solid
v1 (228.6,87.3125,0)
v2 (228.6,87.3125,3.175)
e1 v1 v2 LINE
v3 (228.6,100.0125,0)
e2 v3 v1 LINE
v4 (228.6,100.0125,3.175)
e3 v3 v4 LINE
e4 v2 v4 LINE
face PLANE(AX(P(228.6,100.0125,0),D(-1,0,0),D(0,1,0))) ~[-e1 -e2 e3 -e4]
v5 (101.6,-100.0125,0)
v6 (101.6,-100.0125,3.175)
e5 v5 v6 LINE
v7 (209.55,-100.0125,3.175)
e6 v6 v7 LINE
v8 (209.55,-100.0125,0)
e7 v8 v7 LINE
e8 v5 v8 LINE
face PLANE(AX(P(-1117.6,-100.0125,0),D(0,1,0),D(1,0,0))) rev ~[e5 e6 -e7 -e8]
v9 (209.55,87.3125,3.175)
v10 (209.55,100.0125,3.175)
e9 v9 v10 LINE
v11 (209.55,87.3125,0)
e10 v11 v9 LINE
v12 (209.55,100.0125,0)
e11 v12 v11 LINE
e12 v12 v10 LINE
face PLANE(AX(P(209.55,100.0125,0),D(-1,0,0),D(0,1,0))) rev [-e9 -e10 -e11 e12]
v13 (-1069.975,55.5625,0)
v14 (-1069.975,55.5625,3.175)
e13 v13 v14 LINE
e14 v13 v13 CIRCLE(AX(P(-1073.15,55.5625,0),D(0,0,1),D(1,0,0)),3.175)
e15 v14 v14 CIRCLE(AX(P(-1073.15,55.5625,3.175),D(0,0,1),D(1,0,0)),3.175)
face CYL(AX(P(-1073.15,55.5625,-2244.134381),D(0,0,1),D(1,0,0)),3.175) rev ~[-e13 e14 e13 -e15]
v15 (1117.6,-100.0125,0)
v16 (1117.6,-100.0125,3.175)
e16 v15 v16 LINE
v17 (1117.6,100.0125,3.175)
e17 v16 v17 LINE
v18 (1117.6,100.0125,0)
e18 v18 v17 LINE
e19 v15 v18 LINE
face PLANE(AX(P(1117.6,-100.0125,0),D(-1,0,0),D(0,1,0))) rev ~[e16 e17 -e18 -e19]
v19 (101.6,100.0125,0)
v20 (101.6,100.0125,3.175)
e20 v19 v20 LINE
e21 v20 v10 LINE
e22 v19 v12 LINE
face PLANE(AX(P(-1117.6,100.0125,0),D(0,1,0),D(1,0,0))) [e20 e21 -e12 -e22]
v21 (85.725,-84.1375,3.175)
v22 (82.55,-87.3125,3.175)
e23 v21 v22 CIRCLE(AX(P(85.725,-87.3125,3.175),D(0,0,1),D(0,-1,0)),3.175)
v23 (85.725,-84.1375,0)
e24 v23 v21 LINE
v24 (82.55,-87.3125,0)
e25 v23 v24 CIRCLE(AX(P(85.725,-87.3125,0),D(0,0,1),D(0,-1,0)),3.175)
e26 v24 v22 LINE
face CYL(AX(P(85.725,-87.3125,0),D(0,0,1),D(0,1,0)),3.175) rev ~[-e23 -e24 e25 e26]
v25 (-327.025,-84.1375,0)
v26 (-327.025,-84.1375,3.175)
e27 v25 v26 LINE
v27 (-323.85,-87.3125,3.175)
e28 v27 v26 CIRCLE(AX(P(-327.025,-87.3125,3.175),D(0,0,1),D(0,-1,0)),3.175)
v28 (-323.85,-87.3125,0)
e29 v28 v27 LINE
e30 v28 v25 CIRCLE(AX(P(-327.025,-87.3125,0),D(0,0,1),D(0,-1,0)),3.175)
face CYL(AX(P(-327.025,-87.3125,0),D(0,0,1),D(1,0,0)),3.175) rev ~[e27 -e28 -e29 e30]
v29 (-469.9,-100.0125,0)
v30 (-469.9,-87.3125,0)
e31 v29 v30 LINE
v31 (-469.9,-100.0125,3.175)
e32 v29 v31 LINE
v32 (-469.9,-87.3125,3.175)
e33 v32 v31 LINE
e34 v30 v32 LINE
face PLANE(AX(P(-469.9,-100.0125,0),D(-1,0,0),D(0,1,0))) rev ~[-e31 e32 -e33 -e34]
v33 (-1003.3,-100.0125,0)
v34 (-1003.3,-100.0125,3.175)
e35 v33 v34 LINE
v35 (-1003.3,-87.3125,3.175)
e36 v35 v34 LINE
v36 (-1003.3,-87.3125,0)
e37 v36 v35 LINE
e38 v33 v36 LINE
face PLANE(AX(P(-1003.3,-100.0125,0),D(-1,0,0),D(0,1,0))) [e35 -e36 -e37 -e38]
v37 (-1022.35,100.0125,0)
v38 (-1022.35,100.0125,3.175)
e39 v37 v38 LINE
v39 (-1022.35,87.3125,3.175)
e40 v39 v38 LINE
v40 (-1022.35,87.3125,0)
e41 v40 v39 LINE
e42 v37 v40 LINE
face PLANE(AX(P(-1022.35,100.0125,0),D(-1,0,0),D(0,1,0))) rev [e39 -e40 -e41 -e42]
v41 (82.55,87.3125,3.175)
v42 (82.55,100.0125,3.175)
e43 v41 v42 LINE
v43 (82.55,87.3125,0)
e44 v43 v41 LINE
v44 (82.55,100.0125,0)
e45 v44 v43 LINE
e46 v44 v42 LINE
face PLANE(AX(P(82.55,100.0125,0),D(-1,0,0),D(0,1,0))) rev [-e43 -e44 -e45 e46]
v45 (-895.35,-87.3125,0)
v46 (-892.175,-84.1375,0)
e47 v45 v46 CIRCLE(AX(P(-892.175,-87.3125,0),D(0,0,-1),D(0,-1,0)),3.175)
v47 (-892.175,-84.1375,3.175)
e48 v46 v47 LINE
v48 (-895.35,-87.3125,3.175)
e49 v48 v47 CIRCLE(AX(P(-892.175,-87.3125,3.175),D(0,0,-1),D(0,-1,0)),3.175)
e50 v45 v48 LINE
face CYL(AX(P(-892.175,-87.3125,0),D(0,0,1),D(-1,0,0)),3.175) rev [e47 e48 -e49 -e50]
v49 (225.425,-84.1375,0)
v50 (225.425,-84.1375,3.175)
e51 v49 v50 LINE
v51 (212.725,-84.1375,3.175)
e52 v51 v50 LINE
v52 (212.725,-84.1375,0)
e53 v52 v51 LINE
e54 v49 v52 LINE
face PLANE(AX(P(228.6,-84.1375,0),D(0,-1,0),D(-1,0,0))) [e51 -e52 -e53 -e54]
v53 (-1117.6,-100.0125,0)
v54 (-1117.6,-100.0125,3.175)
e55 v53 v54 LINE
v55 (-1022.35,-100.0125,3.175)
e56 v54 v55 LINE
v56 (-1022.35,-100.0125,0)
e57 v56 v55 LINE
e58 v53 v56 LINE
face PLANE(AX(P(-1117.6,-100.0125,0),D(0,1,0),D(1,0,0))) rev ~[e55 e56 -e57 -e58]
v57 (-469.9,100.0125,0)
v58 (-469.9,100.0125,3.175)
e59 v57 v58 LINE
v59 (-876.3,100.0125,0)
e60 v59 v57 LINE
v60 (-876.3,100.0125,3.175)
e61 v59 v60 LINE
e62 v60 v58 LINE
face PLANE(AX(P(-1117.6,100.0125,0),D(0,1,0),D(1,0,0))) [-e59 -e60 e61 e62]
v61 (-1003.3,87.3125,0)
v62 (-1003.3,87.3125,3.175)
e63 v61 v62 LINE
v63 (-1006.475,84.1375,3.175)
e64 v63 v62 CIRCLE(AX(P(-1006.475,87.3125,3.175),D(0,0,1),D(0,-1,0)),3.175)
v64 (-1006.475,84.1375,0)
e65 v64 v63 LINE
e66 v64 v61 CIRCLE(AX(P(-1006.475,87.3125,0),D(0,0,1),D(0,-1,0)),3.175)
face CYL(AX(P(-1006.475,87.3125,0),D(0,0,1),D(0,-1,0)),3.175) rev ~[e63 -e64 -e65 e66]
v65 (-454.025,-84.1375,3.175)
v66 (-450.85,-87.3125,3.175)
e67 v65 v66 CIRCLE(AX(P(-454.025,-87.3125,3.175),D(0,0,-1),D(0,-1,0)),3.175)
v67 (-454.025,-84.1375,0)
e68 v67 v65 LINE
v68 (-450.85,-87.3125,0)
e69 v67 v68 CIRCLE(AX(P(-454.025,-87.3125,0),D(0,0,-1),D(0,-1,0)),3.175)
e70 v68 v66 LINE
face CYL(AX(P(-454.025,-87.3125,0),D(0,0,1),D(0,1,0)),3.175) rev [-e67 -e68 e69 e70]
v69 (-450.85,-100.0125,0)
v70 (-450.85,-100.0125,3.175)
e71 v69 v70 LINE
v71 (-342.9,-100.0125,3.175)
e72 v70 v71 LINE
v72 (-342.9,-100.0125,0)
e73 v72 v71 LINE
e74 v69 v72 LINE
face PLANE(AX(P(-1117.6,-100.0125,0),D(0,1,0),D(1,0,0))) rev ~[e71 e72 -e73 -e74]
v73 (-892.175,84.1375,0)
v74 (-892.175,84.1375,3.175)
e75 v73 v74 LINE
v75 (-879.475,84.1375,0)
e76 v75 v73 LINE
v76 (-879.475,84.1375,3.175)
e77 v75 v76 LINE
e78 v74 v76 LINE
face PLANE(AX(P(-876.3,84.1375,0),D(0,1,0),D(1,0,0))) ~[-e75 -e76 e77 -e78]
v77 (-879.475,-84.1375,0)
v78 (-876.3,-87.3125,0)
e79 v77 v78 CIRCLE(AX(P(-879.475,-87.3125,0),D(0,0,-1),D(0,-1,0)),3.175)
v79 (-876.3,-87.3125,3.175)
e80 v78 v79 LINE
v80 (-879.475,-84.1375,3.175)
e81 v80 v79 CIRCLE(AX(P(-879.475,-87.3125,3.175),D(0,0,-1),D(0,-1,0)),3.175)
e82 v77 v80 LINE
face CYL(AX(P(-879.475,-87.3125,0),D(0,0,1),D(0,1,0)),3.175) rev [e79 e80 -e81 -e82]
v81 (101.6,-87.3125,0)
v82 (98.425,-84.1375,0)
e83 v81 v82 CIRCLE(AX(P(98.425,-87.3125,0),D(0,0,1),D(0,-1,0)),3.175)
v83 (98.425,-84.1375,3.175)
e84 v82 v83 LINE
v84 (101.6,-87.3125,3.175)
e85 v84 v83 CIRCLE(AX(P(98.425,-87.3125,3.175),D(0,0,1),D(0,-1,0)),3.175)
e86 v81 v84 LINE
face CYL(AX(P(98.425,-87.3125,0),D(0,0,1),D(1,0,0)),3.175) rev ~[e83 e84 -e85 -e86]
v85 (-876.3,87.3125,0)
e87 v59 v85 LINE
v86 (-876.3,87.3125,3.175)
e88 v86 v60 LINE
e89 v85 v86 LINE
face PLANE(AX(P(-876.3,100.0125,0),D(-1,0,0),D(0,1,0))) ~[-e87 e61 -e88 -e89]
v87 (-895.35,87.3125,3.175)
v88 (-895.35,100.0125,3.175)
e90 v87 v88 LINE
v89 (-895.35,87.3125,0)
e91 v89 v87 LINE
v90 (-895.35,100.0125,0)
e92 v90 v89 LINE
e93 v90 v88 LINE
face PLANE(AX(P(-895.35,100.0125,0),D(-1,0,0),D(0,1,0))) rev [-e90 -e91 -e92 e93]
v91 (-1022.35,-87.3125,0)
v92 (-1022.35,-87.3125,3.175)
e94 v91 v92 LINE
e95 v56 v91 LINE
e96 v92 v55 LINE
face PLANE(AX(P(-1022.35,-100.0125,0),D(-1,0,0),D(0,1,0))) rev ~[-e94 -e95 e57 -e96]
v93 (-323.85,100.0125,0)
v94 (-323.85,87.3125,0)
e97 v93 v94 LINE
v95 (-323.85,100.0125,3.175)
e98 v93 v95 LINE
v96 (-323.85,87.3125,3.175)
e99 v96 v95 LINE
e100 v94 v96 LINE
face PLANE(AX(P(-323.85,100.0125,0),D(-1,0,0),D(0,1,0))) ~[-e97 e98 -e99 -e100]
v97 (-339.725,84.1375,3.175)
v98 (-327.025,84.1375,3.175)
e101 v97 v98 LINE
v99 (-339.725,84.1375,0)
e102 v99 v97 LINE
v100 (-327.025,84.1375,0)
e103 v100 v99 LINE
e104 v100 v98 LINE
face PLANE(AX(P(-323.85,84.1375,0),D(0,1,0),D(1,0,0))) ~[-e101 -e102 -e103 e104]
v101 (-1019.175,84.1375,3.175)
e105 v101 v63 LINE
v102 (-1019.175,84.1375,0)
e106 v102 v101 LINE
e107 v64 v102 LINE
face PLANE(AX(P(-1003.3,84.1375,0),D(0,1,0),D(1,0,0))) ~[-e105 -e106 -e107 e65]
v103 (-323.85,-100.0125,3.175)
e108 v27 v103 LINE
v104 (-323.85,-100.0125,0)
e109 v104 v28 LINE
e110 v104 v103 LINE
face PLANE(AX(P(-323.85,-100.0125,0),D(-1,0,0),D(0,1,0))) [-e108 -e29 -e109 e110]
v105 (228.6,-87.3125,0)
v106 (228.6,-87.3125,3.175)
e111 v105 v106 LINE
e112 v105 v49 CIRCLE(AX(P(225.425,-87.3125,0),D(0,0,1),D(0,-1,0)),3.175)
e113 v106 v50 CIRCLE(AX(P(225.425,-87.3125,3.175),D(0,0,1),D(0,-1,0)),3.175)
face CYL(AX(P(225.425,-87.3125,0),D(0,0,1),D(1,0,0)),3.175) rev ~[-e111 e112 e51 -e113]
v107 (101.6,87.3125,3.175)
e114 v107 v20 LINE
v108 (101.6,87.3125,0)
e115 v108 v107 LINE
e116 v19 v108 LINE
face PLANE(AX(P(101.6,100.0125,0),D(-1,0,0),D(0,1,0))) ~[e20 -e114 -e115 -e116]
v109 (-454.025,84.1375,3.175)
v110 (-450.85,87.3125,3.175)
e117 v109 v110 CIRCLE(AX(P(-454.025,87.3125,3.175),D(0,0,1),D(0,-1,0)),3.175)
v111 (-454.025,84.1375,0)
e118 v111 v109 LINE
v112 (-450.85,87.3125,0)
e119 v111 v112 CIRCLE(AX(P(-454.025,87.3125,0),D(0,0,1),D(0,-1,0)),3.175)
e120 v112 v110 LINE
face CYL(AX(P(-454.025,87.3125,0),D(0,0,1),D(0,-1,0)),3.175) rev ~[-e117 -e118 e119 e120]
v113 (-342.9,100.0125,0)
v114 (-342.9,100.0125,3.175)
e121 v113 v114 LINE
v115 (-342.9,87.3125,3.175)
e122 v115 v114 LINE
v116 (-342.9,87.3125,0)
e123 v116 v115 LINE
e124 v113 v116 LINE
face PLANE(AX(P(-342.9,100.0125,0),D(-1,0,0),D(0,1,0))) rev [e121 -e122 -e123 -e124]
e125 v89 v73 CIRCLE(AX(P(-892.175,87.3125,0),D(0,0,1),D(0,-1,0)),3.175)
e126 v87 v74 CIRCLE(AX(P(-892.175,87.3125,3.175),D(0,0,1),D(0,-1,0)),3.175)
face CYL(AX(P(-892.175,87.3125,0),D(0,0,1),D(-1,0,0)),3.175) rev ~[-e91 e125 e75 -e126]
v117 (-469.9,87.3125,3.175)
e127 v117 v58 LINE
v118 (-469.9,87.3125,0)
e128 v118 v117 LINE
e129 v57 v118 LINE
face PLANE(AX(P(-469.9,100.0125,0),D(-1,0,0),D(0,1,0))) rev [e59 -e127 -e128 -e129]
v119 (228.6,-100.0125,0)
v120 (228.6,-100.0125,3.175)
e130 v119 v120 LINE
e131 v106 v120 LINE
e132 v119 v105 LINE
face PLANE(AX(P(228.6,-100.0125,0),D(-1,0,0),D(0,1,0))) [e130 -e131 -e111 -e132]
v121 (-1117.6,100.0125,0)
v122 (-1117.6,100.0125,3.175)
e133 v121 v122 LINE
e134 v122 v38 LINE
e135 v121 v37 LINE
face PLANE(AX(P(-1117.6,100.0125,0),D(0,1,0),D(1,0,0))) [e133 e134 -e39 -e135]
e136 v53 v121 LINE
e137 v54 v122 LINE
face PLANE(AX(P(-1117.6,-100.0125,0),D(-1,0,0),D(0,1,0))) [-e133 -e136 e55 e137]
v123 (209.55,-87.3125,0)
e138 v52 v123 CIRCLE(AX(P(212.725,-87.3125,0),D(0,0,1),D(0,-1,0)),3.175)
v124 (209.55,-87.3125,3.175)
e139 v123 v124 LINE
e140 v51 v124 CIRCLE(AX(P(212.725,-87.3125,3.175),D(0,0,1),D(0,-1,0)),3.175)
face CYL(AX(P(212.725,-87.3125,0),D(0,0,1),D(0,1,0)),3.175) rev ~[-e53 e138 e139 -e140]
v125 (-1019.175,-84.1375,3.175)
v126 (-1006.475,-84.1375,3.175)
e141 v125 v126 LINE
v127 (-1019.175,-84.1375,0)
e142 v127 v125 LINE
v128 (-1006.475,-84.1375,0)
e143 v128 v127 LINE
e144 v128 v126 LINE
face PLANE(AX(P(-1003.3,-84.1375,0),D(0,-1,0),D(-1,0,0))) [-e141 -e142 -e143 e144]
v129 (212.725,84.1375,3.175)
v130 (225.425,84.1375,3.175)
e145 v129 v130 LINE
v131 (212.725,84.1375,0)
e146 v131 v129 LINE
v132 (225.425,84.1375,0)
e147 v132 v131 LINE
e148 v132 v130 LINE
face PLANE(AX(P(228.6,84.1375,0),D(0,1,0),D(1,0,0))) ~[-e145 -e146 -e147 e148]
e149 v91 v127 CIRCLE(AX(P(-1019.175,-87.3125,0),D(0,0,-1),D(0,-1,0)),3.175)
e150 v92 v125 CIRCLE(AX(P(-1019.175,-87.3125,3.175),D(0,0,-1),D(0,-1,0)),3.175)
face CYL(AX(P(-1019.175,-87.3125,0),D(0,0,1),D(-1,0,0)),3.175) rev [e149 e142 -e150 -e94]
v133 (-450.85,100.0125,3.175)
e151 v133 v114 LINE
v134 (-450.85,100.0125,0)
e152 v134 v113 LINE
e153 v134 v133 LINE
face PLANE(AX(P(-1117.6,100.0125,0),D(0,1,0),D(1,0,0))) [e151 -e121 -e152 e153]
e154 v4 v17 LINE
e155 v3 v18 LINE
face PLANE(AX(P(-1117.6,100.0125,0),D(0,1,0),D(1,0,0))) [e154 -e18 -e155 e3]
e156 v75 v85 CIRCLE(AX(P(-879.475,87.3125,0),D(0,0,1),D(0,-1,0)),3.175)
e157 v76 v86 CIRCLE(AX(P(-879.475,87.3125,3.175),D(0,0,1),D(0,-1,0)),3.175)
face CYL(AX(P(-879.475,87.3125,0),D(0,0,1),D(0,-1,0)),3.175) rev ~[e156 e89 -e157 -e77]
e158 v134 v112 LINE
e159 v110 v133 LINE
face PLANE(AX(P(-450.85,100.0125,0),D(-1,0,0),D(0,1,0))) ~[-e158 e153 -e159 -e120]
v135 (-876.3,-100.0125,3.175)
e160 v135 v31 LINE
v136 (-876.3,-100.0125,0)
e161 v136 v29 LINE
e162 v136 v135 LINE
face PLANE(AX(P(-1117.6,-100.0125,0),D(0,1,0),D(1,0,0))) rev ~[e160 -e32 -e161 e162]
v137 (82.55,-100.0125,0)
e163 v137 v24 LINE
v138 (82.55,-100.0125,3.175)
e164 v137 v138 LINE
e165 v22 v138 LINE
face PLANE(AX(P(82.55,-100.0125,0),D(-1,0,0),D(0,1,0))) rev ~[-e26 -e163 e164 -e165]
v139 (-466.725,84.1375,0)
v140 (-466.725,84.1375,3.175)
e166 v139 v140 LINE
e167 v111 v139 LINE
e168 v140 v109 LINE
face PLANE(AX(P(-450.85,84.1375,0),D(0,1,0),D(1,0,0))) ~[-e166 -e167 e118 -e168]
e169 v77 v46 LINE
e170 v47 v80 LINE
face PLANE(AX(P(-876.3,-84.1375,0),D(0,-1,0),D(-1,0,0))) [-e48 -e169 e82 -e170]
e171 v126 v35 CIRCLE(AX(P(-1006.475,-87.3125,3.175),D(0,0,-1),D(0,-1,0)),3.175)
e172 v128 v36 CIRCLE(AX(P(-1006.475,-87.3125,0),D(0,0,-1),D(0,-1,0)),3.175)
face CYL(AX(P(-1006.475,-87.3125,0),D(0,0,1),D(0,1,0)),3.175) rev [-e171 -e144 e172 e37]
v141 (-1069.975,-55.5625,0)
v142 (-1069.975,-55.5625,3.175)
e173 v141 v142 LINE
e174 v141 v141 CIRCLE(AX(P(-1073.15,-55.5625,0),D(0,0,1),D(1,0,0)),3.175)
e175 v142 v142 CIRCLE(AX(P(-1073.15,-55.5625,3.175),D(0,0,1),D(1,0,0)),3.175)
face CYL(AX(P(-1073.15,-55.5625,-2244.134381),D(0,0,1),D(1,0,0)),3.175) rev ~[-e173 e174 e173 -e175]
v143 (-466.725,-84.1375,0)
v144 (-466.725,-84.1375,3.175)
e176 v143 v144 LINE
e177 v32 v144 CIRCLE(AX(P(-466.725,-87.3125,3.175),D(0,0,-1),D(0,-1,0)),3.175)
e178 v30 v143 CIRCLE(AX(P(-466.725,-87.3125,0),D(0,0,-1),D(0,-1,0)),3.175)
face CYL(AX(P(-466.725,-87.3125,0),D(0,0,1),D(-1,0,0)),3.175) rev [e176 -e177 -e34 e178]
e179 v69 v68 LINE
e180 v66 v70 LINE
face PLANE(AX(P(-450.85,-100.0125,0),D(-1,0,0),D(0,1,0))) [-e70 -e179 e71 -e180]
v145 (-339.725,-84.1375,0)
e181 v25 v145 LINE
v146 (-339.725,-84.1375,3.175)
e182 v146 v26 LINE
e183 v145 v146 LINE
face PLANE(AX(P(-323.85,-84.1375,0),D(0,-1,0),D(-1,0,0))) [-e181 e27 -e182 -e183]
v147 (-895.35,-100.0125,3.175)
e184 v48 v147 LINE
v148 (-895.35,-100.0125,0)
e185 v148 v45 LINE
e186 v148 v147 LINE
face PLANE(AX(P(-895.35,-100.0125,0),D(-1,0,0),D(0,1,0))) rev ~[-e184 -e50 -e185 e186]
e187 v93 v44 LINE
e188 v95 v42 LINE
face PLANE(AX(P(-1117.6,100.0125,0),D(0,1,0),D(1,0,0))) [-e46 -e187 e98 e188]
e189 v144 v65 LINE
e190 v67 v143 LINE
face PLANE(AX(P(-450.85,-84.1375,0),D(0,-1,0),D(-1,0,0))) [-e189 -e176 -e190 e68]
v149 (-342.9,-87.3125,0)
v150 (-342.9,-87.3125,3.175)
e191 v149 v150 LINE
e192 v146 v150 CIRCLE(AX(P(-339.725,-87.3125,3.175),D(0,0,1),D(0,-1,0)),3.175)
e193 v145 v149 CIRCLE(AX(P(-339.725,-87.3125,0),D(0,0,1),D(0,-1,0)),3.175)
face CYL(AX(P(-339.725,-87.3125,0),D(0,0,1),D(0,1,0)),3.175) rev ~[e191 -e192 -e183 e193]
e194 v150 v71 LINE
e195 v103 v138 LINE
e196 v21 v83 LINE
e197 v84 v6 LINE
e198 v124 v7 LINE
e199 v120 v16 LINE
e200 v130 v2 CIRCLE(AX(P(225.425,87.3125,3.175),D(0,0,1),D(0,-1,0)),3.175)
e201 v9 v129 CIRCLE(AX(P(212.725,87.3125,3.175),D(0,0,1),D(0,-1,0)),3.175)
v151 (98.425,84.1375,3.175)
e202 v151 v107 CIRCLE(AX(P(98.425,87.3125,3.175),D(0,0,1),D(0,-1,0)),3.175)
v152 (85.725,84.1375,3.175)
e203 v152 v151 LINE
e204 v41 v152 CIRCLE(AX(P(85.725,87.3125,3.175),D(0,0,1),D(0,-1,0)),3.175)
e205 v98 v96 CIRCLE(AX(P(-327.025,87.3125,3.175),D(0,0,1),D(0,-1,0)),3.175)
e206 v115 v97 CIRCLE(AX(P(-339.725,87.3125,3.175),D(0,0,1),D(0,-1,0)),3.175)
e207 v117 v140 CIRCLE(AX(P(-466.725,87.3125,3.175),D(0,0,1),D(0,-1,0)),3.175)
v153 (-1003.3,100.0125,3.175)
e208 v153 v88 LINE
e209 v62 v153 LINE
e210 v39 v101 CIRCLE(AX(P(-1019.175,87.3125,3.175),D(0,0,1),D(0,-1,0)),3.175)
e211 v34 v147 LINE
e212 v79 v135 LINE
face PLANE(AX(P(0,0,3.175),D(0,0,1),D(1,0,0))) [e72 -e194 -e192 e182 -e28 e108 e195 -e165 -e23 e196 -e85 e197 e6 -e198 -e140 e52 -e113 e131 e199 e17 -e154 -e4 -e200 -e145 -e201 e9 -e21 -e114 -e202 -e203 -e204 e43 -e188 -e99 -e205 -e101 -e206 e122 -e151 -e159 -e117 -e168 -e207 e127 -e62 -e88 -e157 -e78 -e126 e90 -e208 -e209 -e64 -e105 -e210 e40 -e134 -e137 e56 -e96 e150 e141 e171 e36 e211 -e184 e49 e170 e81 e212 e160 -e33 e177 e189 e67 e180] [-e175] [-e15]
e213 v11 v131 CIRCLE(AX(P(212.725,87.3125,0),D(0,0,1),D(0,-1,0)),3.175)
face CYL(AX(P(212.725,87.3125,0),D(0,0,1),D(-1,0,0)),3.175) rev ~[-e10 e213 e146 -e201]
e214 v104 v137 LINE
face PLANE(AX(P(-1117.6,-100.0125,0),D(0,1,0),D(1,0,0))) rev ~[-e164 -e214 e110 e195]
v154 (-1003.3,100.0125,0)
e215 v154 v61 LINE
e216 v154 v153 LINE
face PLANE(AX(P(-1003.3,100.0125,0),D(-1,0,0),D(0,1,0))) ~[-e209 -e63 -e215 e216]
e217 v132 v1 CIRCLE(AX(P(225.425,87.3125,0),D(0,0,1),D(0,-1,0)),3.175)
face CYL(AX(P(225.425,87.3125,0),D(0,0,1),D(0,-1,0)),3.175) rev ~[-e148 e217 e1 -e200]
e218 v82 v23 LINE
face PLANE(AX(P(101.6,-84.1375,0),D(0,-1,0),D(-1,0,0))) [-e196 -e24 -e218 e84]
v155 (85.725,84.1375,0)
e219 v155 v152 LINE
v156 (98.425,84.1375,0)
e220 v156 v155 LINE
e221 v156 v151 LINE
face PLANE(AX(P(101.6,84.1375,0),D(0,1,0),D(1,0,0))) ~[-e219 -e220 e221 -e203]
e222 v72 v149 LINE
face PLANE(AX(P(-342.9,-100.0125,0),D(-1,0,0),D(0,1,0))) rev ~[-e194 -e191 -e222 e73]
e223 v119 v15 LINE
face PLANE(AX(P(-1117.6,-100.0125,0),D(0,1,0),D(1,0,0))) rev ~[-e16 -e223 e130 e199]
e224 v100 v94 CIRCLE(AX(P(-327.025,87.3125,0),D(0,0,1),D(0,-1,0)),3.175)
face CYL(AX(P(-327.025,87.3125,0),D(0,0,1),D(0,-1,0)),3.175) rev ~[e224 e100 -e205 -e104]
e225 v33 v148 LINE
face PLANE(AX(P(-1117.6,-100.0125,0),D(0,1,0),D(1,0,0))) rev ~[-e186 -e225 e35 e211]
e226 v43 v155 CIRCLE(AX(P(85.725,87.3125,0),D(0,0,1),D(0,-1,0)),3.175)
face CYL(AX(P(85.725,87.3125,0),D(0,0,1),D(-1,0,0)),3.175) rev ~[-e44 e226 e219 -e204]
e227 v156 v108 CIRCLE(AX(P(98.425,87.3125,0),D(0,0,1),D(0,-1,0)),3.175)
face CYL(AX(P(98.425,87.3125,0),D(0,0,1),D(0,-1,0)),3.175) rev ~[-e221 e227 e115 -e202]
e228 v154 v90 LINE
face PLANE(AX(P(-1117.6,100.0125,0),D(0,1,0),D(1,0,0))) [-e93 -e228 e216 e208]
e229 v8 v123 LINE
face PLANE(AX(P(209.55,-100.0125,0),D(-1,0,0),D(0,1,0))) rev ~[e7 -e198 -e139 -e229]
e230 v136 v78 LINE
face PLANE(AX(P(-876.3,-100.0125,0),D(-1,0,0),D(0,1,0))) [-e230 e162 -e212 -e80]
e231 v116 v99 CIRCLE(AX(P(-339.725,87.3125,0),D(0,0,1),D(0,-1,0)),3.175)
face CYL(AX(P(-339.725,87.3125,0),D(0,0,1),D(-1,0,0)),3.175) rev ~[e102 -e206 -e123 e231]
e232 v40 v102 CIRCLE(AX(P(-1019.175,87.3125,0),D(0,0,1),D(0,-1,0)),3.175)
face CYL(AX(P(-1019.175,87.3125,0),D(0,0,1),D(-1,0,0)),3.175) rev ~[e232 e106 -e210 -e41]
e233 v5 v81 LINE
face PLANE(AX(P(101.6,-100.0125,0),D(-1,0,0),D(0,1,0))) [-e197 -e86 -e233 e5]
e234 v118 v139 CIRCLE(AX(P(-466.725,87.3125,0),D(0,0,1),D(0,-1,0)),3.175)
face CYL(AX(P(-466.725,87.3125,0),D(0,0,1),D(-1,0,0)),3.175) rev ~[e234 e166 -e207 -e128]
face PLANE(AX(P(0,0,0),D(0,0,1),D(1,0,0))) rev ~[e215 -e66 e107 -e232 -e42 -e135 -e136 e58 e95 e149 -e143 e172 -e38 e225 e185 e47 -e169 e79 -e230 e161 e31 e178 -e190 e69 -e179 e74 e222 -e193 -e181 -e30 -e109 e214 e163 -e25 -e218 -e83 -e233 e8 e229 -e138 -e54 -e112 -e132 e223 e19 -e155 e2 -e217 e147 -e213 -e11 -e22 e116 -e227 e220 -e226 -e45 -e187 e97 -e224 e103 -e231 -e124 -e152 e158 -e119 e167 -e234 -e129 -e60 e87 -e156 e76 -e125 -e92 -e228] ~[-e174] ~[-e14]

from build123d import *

# Parameters (mm, degrees)
SKETCH1_W                   = 2235.2
SKETCH1_H                   = 200.025
BOSS_EXTRUDE1_DEPTH         = 3.175
SKETCH2_W                   = 19.05
SKETCH2_H                   = 15.875
CUT_EXTRUDE1_DEPTH          = 4.175
F_1_4_0_25_DIAMETER_HOLE1_D = 6.35
FILLET1_R                   = 3.175
FILLET1_OF_MIRROR1_R        = 3.175


with BuildPart() as part:
    # Sketch1 → Boss-Extrude1 (new body)
    with BuildSketch(Plane.XY):
        Rectangle(SKETCH1_W, SKETCH1_H)
    extrude(amount=BOSS_EXTRUDE1_DEPTH)

    # Sketch2 → Cut-Extrude1 (cut, through all)
    with BuildSketch(Plane(origin=(0, 0, 0), x_dir=(-1, 0, 0), z_dir=(0, 0, -1))):
        with Locations((-219.075, -92.075)):
            Rectangle(SKETCH2_W, SKETCH2_H)
        with Locations((-92.075, -92.075)):
            Rectangle(SKETCH2_W, SKETCH2_H)
        with Locations((333.375, -92.075)):
            Rectangle(SKETCH2_W, SKETCH2_H)
        with Locations((460.375, -92.075)):
            Rectangle(SKETCH2_W, SKETCH2_H)
        with Locations((885.825, -92.075)):
            Rectangle(SKETCH2_W, SKETCH2_H)
        with Locations((1012.825, -92.075)):
            Rectangle(SKETCH2_W, SKETCH2_H)
    cut_extrude1 = extrude(amount=-CUT_EXTRUDE1_DEPTH, mode=Mode.SUBTRACT)

    # 1/4 (0.25) Diameter Hole1 (through all)
    with Locations(Plane(origin=(0, 0, 0), x_dir=(-1, 0, 0), z_dir=(0, 0, -1))):
        with Locations((1073.15, -55.5625), (1073.15, 55.5625)):
            Hole(F_1_4_0_25_DIAMETER_HOLE1_D / 2)

    # Fillet1
    fillet1_edges = [part.edges().sort_by_distance(p)[0] for p in [
        (228.6, -84.1375, 1.5875),
        (209.55, -84.1375, 1.5875),
        (101.6, -84.1375, 1.5875),
        (82.55, -84.1375, 1.5875),
        (-323.85, -84.1375, 1.5875),
        (-342.9, -84.1375, 1.5875),
        (-450.85, -84.1375, 1.5875),
        (-469.9, -84.1375, 1.5875),
        (-876.3, -84.1375, 1.5875),
        (-895.35, -84.1375, 1.5875),
        (-1003.3, -84.1375, 1.5875),
        (-1022.35, -84.1375, 1.5875),
    ]]
    fillet(fillet1_edges, radius=FILLET1_R)

    # Mirror1: Cut-Extrude1 across plane
    add(cut_extrude1.mirror(Plane.ZX), mode=Mode.SUBTRACT)

    # Fillet1 of Mirror1
    fillet1_of_mirror1_edges = [part.edges().sort_by_distance(p)[0] for p in [
        (228.6, 84.1375, 1.5875),
        (209.55, 84.1375, 1.5875),
        (101.6, 84.1375, 1.5875),
        (82.55, 84.1375, 1.5875),
        (-323.85, 84.1375, 1.5875),
        (-342.9, 84.1375, 1.5875),
        (-450.85, 84.1375, 1.5875),
        (-469.9, 84.1375, 1.5875),
        (-876.3, 84.1375, 1.5875),
        (-895.35, 84.1375, 1.5875),
        (-1003.3, 84.1375, 1.5875),
        (-1022.35, 84.1375, 1.5875),
    ]]
    fillet(fillet1_of_mirror1_edges, radius=FILLET1_OF_MIRROR1_R)


solid = part.part
